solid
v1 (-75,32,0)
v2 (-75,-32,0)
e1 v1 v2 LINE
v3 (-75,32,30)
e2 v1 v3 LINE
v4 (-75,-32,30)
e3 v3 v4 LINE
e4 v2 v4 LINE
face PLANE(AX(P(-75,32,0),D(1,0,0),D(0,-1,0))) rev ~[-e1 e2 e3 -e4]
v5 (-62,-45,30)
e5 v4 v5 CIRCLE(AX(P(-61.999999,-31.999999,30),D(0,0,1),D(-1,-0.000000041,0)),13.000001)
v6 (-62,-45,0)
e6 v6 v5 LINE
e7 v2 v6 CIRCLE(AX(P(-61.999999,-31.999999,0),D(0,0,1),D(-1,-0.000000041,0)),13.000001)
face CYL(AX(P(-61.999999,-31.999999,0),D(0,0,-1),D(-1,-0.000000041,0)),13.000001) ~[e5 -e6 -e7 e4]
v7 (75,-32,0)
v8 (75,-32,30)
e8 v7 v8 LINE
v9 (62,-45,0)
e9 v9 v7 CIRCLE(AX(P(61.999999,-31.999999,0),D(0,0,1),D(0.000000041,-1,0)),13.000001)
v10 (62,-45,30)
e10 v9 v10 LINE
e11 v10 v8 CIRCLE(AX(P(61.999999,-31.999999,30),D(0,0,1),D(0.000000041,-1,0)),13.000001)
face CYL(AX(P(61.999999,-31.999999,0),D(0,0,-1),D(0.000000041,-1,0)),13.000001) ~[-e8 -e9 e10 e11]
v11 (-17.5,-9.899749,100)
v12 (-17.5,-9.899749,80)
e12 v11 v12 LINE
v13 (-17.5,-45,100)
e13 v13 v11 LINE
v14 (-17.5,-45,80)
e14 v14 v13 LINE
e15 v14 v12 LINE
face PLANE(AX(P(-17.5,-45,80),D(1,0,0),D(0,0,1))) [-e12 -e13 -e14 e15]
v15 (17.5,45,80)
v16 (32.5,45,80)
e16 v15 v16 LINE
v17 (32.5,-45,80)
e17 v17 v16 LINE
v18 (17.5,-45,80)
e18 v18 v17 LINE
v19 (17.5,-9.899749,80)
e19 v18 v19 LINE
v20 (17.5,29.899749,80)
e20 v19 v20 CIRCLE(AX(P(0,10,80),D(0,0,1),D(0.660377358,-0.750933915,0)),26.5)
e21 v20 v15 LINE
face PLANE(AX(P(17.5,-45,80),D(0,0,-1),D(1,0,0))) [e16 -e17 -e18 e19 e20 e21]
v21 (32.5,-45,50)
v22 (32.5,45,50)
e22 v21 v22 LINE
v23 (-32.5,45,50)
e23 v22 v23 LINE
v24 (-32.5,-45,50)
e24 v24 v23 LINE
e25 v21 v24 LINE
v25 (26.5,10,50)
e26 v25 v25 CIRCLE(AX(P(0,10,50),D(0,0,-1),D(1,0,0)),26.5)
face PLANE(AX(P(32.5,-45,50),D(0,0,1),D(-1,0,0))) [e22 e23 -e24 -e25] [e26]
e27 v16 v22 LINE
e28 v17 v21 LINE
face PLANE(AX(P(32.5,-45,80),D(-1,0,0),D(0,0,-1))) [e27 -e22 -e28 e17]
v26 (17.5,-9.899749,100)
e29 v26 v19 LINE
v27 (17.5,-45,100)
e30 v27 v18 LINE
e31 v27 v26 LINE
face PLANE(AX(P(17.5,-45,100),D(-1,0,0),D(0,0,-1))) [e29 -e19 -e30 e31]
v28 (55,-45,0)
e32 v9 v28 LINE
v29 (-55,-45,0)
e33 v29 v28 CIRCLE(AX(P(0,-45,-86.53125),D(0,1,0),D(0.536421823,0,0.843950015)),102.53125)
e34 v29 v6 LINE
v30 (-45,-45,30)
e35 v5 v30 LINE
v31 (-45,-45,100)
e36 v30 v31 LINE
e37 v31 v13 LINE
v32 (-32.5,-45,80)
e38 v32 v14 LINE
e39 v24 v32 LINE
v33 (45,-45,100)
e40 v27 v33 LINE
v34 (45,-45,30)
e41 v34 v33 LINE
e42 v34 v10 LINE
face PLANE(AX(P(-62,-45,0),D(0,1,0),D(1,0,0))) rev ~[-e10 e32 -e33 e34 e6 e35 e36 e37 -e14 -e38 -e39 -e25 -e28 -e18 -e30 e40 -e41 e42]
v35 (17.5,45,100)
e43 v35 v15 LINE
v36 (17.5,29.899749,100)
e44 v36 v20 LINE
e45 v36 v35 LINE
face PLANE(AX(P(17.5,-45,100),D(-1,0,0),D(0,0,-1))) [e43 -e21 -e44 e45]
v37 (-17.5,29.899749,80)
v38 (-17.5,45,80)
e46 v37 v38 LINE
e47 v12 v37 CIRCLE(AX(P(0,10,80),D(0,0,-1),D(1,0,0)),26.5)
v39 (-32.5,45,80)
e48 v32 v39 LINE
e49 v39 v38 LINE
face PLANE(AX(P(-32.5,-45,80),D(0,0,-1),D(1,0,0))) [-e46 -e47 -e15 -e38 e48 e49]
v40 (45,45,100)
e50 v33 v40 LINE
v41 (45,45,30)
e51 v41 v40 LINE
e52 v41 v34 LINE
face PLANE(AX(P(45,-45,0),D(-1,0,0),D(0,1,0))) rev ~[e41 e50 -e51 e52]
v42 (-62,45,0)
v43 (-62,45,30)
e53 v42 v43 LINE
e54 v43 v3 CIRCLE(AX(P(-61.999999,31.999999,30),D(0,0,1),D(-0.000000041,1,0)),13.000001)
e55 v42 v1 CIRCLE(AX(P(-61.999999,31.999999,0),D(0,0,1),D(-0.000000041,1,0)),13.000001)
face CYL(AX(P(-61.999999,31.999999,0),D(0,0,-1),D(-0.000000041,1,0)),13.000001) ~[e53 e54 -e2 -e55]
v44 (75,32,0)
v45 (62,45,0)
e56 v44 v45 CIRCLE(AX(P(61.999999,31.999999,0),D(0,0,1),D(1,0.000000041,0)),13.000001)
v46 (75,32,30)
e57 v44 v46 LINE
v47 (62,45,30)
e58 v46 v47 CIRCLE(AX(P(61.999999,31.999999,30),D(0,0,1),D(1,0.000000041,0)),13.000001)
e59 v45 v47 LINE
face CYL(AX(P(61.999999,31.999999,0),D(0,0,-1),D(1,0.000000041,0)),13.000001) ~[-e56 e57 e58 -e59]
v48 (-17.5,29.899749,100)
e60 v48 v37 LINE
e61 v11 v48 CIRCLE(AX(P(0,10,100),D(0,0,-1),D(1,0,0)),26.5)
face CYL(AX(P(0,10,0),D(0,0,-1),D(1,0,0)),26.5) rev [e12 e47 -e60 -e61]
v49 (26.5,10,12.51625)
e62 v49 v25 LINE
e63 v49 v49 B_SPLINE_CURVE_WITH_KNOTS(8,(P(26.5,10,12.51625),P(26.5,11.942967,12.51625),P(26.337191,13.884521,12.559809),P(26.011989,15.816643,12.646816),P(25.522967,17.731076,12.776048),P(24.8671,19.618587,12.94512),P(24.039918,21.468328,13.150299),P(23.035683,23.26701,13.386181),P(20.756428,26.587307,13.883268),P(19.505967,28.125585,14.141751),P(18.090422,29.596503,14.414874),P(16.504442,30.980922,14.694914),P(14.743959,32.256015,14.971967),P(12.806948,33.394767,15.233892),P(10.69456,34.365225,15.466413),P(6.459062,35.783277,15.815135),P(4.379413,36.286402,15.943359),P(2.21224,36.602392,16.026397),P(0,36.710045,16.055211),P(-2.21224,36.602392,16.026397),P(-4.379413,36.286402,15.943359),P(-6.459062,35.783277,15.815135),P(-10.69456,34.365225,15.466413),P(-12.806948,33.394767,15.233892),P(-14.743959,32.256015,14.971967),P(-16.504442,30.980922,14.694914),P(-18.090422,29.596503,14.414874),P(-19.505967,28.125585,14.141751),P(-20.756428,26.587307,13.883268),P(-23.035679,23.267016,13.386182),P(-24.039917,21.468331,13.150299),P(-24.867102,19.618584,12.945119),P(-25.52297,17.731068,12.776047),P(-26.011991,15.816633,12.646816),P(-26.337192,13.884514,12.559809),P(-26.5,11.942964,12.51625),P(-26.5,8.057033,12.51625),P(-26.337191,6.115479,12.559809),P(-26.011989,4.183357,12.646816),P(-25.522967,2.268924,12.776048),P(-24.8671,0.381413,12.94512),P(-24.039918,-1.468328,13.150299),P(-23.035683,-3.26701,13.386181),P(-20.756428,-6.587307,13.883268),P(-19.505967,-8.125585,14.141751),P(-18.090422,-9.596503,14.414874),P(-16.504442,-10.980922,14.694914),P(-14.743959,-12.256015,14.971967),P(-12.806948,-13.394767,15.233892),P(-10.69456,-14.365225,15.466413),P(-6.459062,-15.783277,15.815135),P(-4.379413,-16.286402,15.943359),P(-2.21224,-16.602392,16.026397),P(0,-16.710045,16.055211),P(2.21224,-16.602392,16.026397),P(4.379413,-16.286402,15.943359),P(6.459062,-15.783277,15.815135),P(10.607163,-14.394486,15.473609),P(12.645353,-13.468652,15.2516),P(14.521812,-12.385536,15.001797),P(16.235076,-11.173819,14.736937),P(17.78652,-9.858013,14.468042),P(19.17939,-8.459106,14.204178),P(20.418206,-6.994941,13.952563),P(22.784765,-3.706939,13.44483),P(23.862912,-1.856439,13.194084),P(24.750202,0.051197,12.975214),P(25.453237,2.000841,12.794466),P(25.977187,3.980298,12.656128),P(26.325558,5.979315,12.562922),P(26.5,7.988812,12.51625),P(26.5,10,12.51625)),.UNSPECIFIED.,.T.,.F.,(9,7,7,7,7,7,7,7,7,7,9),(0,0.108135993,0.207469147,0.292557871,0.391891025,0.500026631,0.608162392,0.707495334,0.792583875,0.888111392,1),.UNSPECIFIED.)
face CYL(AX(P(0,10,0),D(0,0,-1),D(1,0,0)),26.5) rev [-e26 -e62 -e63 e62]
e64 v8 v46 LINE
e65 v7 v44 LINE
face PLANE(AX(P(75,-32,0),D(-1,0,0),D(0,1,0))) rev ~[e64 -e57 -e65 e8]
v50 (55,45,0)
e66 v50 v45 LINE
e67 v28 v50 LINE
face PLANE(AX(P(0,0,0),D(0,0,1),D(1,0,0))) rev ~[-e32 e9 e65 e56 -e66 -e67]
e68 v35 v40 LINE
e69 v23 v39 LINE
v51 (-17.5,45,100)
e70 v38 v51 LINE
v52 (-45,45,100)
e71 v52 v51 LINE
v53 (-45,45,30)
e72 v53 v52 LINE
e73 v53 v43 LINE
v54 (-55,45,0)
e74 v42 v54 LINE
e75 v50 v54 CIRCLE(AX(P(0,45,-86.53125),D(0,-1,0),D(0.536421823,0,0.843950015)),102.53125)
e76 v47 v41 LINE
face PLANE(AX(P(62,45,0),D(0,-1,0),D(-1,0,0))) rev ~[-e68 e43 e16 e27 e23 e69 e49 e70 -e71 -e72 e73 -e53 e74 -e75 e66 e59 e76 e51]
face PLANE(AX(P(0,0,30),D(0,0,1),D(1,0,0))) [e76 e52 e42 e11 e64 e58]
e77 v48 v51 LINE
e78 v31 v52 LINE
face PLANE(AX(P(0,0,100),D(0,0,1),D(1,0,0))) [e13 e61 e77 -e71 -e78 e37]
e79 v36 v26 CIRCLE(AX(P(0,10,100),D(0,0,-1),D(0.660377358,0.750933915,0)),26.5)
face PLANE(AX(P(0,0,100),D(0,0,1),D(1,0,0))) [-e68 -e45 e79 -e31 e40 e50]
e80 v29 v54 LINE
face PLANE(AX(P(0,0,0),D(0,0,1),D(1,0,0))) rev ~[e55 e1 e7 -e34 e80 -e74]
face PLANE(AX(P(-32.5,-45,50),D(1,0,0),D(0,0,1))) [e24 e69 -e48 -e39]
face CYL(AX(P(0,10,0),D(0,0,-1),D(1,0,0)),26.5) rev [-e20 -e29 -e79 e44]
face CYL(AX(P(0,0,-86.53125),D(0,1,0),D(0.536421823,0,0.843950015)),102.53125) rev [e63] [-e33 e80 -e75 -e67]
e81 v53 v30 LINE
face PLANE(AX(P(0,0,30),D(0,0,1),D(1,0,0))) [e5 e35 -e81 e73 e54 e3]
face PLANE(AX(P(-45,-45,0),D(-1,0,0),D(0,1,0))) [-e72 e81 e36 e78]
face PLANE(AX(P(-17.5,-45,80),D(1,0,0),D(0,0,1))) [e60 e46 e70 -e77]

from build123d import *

# Parameters (mm, degrees)
PAD_DEPTH         = 30
SKETCH002_W       = 90
SKETCH002_H       = 90
PAD001_DEPTH      = 100
POCKET_DEPTH      = 45.001
POCKET_DEPTH_BACK = -45.001
POCKET001_DEPTH   = 90.001
SKETCH004_R       = 26.5
POCKET002_DEPTH   = 100.001


with BuildPart() as part:
    # Sketch (on XY_Plane of Origin) → Pad (new body)
    with BuildSketch(Plane.XY):
        with BuildLine():
            Line((-75, 32), (-75, -32))
            ThreePointArc((-75, -32), (-71.192388, -41.192388), (-62, -45))
            Line((-62, -45), (62, -45))
            ThreePointArc((62, -45), (71.192388, -41.192388), (75, -32))
            Line((75, -32), (75, 32))
            ThreePointArc((75, 32), (71.192388, 41.192388), (62, 45))
            Line((62, 45), (-62, 45))
            ThreePointArc((-62, 45), (-71.192388, 41.192388), (-75, 32))
        make_face()
    extrude(amount=PAD_DEPTH)

    # Sketch002 (on XY_Plane of Origin) → Pad001 (join)
    with BuildSketch(Plane.XY):
        Rectangle(SKETCH002_W, SKETCH002_H)
    extrude(amount=PAD001_DEPTH)

    # Sketch001 (on XZ_Plane of Origin) → Pocket (cut, two sides)
    with BuildSketch(Plane.XZ) as pocket_sk:
        with BuildLine():
            ThreePointArc((55, 0), (0, 16), (-55, 0))
            Line((-55, 0), (55, 0))
        make_face()
    extrude(amount=-POCKET_DEPTH, mode=Mode.SUBTRACT)
    extrude(pocket_sk.sketch, amount=-POCKET_DEPTH_BACK, mode=Mode.SUBTRACT)

    # Sketch003 (on Face14 of Pocket) → Pocket001 (cut, through all)
    with BuildSketch(Plane.XZ.offset(45)):
        Polygon((-17.5, 100), (17.5, 100), (17.5, 80), (32.5, 80), (32.5, 50), (-32.5, 50), (-32.5, 80), (-17.5, 80), align=None)
    extrude(amount=-POCKET001_DEPTH, mode=Mode.SUBTRACT)

    # Sketch004 (on XY_Plane of Origin) → Pocket002 (cut, through all)
    with BuildSketch(Plane.XY):
        with Locations((0, 10)):
            Circle(SKETCH004_R)
    extrude(amount=POCKET002_DEPTH, mode=Mode.SUBTRACT)


solid = part.part
